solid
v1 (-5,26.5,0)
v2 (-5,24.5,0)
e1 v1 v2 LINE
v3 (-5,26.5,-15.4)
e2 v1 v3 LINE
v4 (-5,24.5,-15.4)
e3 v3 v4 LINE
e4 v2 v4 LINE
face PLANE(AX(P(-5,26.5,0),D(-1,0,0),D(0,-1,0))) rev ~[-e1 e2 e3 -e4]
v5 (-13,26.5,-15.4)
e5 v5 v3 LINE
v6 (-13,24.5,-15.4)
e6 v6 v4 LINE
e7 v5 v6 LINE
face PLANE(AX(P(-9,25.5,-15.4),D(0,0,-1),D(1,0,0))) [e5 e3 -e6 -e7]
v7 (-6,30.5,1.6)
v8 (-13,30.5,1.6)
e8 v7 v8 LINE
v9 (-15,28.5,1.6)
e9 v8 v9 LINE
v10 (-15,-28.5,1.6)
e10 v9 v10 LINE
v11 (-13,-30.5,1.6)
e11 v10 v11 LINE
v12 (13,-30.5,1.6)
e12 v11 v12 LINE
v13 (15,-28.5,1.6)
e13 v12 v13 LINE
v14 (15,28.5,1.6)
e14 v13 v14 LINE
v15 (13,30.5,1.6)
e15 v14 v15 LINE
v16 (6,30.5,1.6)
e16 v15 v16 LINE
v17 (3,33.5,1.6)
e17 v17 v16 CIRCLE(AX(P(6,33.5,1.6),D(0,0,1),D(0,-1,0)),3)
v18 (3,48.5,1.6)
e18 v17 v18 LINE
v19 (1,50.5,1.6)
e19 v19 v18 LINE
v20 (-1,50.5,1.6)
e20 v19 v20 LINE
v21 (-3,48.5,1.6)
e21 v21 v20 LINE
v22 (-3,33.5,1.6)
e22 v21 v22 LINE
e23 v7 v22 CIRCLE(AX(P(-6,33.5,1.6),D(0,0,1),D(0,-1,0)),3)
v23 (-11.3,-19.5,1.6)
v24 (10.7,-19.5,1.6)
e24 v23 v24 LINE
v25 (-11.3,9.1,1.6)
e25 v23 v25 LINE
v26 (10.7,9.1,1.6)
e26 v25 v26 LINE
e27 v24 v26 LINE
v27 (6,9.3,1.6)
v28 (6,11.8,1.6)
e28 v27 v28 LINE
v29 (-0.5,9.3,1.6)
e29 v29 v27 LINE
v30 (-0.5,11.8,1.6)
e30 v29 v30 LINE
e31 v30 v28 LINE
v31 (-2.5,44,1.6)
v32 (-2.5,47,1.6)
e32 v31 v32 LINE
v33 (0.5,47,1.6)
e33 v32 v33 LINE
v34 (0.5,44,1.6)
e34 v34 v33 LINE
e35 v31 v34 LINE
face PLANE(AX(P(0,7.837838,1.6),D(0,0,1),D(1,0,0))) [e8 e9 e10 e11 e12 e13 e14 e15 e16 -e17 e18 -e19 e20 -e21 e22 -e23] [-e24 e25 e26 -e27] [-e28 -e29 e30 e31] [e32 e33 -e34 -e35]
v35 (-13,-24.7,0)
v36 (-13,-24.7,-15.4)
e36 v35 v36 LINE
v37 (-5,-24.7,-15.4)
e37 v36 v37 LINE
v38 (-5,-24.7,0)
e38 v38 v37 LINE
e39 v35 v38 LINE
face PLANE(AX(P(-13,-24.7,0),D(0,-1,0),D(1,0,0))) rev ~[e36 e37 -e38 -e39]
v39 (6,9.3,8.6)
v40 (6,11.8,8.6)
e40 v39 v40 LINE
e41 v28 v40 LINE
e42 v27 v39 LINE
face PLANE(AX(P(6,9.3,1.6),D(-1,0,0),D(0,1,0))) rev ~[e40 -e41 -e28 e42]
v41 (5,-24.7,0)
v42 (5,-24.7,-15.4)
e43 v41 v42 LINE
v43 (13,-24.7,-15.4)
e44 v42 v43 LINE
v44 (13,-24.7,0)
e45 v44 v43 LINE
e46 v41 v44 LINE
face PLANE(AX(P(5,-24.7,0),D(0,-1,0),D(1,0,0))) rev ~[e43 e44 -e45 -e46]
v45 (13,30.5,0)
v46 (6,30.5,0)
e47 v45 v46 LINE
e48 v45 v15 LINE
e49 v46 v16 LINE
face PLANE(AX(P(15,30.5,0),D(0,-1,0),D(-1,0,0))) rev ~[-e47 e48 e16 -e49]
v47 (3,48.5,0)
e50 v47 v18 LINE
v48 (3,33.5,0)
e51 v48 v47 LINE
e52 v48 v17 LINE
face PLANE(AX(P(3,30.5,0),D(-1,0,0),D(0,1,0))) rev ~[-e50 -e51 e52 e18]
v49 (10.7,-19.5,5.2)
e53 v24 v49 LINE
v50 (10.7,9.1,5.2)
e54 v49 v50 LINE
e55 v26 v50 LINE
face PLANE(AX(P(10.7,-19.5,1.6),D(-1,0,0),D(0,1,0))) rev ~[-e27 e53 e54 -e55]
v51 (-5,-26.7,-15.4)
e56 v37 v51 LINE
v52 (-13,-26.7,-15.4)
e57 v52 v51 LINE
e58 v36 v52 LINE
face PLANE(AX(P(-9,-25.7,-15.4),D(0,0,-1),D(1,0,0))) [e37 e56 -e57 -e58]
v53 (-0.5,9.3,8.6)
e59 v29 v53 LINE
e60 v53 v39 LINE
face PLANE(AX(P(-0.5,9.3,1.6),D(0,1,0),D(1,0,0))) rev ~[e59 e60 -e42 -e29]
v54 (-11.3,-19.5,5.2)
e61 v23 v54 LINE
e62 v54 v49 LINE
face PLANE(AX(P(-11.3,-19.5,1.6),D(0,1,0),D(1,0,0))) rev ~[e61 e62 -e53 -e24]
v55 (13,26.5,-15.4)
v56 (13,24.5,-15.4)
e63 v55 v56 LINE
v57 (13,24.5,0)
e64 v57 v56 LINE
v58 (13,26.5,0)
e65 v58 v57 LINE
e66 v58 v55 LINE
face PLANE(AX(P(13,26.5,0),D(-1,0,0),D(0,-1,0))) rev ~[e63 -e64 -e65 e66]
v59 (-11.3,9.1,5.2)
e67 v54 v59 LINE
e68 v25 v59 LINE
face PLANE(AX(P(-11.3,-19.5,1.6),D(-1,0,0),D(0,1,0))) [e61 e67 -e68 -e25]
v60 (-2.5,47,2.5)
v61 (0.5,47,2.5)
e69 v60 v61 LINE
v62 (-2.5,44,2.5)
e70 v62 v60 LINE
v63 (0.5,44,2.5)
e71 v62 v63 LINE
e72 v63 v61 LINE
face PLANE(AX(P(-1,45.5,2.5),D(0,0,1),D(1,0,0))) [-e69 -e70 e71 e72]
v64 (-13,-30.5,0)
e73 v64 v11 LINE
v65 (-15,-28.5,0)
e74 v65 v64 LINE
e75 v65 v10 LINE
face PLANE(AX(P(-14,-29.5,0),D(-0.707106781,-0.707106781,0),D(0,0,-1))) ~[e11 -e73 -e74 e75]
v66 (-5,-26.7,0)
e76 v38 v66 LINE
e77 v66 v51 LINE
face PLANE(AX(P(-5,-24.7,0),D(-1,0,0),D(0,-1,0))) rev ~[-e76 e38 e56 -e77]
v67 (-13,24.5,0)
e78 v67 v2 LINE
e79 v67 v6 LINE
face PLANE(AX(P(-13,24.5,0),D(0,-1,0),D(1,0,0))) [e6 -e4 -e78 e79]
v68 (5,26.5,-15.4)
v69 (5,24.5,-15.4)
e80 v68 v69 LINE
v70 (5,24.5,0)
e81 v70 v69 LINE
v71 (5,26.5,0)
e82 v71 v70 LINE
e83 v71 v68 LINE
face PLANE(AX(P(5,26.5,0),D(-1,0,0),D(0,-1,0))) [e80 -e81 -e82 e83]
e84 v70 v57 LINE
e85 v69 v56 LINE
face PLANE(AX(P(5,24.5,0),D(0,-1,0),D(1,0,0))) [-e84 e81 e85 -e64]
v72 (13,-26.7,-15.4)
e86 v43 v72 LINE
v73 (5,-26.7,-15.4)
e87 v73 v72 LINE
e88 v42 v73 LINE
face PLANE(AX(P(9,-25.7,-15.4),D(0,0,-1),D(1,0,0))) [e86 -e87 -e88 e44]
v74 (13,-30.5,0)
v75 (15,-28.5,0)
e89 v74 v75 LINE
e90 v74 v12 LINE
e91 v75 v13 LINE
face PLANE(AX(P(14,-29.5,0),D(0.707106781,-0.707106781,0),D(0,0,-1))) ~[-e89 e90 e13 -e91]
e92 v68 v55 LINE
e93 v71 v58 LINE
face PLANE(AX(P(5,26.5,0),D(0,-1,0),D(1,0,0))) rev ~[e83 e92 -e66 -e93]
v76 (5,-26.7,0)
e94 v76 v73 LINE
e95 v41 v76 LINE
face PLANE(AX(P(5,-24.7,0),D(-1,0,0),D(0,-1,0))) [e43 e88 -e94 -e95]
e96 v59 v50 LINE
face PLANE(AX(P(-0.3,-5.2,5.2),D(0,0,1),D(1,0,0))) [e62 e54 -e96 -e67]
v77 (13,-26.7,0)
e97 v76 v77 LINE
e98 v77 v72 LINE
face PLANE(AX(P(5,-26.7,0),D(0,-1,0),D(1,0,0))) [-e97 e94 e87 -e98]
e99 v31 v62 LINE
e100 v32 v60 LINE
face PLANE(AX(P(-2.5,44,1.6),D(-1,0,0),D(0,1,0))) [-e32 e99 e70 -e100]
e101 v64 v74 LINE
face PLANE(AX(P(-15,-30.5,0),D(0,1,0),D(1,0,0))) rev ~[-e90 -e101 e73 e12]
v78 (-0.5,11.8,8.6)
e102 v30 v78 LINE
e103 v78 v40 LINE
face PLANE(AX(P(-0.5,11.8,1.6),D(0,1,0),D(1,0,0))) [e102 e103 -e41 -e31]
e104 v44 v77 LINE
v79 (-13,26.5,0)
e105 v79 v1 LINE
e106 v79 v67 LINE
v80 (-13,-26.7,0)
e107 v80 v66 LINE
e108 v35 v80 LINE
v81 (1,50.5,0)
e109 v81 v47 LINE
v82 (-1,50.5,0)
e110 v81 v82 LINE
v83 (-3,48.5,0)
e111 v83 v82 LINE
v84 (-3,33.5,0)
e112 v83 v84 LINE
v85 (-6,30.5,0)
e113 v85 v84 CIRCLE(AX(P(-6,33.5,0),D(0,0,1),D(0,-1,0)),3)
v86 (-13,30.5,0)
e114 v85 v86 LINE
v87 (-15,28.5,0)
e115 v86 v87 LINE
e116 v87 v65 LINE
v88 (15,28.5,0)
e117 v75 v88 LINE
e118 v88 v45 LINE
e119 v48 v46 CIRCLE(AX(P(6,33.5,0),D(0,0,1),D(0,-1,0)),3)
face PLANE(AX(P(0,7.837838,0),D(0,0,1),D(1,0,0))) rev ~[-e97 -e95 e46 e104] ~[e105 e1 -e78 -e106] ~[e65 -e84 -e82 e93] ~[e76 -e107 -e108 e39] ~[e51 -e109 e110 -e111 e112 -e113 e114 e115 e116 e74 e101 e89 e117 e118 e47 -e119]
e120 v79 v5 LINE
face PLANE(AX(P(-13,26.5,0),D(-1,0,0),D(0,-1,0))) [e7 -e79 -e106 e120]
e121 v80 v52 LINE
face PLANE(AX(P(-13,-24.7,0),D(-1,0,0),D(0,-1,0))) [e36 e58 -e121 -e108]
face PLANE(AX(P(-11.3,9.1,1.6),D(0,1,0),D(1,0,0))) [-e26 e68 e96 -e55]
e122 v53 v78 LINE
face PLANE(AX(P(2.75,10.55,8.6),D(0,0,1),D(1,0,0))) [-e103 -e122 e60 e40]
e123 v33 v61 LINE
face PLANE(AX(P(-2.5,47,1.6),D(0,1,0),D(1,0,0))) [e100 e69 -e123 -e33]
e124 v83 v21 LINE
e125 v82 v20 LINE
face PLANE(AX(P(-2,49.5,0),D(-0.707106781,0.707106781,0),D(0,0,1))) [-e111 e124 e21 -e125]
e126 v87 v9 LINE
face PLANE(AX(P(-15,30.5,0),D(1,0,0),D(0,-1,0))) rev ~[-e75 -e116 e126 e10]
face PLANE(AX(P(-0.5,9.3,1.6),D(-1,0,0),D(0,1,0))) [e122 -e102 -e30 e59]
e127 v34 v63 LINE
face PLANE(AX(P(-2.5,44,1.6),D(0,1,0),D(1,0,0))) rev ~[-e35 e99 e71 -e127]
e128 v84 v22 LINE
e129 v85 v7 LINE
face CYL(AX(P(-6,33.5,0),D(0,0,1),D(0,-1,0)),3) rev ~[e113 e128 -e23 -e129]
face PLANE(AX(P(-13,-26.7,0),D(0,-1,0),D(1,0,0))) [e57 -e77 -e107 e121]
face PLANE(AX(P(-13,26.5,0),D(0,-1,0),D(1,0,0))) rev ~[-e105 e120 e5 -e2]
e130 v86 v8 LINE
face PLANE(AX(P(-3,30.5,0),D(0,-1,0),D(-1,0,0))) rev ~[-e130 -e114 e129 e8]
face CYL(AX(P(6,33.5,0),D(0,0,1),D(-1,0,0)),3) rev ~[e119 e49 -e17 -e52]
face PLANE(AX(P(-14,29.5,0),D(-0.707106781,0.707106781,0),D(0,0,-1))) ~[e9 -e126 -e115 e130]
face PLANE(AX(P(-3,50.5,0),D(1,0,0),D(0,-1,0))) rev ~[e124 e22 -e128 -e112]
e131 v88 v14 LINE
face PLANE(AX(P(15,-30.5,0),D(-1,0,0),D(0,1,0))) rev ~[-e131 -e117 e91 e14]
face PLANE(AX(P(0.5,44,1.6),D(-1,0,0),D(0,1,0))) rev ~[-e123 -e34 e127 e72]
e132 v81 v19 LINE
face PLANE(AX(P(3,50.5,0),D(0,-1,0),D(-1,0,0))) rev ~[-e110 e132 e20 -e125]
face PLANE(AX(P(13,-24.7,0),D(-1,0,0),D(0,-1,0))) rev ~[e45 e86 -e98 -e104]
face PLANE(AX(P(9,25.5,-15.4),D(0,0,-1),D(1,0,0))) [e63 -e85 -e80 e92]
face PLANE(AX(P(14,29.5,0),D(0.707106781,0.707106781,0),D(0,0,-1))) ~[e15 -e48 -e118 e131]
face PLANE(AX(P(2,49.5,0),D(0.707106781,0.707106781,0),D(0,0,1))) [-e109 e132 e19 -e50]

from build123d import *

# Parameters (mm, degrees)
F1_DEPTH = 1.6
F2_W     = 22
F2_H     = 28.6
F3_DEPTH = 3.6
F2_W_2   = 6.5
F2_H_2   = 2.5
F4_DEPTH = 7
F2_W_3   = 3
F2_H_3   = 3
F5_DEPTH = 0.9
F6_W     = 8
F6_H     = 2
F7_DEPTH = 15.4
F8_R     = 3
F9_SIZE  = 2


with BuildPart() as f1:
    # F0 (on Top) → F1 (new body)
    with BuildSketch(Plane.XY):
        Polygon((-3, 30.5), (-15, 30.5), (-15, -30.5), (15, -30.5), (15, 30.5), (3, 30.5), (3, 50.5), (-3, 50.5), align=None)
    extrude(amount=F1_DEPTH)

    # F2 (on face) → F3 (join)
    with BuildSketch(Plane.XY.offset(1.6)):
        with Locations((-0.3, -5.2)):
            Rectangle(F2_W, F2_H)
    extrude(amount=F3_DEPTH)

    # F2 (on face) → F4 (join)
    with BuildSketch(Plane.XY.offset(1.6)):
        with Locations((2.75, 10.55)):
            Rectangle(F2_W_2, F2_H_2)
    extrude(amount=F4_DEPTH)

    # F2 (on face) → F5 (join)
    with BuildSketch(Plane.XY.offset(1.6)):
        with Locations((-1, 45.5)):
            Rectangle(F2_W_3, F2_H_3)
    extrude(amount=F5_DEPTH)

    # F6 (on face) → F7 (join)
    with BuildSketch(Plane(origin=(0, 0, 0), x_dir=(1, 0, 0), z_dir=(0, 0, -1))):
        with Locations((-9, 25.7)):
            Rectangle(F6_W, F6_H)
        with Locations((9, 25.7)):
            Rectangle(F6_W, F6_H)
        with Locations((-9, -25.5)):
            Rectangle(F6_W, F6_H)
        with Locations((9, -25.5)):
            Rectangle(F6_W, F6_H)
    extrude(amount=F7_DEPTH)

    # F8
    f8_edges = [f1.edges().sort_by_distance(p)[0] for p in [
        (-3, 30.5, 0.8),
        (3, 30.5, 0.8),
    ]]
    fillet(f8_edges, radius=F8_R)

    # F9
    f9_edges = [f1.edges().sort_by_distance(p)[0] for p in [
        (-15, 30.5, 0.8),
        (-15, -30.5, 0.8),
        (15, -30.5, 0.8),
        (15, 30.5, 0.8),
        (3, 50.5, 0.8),
        (-3, 50.5, 0.8),
    ]]
    chamfer(f9_edges, length=F9_SIZE)


solid = f1.part
